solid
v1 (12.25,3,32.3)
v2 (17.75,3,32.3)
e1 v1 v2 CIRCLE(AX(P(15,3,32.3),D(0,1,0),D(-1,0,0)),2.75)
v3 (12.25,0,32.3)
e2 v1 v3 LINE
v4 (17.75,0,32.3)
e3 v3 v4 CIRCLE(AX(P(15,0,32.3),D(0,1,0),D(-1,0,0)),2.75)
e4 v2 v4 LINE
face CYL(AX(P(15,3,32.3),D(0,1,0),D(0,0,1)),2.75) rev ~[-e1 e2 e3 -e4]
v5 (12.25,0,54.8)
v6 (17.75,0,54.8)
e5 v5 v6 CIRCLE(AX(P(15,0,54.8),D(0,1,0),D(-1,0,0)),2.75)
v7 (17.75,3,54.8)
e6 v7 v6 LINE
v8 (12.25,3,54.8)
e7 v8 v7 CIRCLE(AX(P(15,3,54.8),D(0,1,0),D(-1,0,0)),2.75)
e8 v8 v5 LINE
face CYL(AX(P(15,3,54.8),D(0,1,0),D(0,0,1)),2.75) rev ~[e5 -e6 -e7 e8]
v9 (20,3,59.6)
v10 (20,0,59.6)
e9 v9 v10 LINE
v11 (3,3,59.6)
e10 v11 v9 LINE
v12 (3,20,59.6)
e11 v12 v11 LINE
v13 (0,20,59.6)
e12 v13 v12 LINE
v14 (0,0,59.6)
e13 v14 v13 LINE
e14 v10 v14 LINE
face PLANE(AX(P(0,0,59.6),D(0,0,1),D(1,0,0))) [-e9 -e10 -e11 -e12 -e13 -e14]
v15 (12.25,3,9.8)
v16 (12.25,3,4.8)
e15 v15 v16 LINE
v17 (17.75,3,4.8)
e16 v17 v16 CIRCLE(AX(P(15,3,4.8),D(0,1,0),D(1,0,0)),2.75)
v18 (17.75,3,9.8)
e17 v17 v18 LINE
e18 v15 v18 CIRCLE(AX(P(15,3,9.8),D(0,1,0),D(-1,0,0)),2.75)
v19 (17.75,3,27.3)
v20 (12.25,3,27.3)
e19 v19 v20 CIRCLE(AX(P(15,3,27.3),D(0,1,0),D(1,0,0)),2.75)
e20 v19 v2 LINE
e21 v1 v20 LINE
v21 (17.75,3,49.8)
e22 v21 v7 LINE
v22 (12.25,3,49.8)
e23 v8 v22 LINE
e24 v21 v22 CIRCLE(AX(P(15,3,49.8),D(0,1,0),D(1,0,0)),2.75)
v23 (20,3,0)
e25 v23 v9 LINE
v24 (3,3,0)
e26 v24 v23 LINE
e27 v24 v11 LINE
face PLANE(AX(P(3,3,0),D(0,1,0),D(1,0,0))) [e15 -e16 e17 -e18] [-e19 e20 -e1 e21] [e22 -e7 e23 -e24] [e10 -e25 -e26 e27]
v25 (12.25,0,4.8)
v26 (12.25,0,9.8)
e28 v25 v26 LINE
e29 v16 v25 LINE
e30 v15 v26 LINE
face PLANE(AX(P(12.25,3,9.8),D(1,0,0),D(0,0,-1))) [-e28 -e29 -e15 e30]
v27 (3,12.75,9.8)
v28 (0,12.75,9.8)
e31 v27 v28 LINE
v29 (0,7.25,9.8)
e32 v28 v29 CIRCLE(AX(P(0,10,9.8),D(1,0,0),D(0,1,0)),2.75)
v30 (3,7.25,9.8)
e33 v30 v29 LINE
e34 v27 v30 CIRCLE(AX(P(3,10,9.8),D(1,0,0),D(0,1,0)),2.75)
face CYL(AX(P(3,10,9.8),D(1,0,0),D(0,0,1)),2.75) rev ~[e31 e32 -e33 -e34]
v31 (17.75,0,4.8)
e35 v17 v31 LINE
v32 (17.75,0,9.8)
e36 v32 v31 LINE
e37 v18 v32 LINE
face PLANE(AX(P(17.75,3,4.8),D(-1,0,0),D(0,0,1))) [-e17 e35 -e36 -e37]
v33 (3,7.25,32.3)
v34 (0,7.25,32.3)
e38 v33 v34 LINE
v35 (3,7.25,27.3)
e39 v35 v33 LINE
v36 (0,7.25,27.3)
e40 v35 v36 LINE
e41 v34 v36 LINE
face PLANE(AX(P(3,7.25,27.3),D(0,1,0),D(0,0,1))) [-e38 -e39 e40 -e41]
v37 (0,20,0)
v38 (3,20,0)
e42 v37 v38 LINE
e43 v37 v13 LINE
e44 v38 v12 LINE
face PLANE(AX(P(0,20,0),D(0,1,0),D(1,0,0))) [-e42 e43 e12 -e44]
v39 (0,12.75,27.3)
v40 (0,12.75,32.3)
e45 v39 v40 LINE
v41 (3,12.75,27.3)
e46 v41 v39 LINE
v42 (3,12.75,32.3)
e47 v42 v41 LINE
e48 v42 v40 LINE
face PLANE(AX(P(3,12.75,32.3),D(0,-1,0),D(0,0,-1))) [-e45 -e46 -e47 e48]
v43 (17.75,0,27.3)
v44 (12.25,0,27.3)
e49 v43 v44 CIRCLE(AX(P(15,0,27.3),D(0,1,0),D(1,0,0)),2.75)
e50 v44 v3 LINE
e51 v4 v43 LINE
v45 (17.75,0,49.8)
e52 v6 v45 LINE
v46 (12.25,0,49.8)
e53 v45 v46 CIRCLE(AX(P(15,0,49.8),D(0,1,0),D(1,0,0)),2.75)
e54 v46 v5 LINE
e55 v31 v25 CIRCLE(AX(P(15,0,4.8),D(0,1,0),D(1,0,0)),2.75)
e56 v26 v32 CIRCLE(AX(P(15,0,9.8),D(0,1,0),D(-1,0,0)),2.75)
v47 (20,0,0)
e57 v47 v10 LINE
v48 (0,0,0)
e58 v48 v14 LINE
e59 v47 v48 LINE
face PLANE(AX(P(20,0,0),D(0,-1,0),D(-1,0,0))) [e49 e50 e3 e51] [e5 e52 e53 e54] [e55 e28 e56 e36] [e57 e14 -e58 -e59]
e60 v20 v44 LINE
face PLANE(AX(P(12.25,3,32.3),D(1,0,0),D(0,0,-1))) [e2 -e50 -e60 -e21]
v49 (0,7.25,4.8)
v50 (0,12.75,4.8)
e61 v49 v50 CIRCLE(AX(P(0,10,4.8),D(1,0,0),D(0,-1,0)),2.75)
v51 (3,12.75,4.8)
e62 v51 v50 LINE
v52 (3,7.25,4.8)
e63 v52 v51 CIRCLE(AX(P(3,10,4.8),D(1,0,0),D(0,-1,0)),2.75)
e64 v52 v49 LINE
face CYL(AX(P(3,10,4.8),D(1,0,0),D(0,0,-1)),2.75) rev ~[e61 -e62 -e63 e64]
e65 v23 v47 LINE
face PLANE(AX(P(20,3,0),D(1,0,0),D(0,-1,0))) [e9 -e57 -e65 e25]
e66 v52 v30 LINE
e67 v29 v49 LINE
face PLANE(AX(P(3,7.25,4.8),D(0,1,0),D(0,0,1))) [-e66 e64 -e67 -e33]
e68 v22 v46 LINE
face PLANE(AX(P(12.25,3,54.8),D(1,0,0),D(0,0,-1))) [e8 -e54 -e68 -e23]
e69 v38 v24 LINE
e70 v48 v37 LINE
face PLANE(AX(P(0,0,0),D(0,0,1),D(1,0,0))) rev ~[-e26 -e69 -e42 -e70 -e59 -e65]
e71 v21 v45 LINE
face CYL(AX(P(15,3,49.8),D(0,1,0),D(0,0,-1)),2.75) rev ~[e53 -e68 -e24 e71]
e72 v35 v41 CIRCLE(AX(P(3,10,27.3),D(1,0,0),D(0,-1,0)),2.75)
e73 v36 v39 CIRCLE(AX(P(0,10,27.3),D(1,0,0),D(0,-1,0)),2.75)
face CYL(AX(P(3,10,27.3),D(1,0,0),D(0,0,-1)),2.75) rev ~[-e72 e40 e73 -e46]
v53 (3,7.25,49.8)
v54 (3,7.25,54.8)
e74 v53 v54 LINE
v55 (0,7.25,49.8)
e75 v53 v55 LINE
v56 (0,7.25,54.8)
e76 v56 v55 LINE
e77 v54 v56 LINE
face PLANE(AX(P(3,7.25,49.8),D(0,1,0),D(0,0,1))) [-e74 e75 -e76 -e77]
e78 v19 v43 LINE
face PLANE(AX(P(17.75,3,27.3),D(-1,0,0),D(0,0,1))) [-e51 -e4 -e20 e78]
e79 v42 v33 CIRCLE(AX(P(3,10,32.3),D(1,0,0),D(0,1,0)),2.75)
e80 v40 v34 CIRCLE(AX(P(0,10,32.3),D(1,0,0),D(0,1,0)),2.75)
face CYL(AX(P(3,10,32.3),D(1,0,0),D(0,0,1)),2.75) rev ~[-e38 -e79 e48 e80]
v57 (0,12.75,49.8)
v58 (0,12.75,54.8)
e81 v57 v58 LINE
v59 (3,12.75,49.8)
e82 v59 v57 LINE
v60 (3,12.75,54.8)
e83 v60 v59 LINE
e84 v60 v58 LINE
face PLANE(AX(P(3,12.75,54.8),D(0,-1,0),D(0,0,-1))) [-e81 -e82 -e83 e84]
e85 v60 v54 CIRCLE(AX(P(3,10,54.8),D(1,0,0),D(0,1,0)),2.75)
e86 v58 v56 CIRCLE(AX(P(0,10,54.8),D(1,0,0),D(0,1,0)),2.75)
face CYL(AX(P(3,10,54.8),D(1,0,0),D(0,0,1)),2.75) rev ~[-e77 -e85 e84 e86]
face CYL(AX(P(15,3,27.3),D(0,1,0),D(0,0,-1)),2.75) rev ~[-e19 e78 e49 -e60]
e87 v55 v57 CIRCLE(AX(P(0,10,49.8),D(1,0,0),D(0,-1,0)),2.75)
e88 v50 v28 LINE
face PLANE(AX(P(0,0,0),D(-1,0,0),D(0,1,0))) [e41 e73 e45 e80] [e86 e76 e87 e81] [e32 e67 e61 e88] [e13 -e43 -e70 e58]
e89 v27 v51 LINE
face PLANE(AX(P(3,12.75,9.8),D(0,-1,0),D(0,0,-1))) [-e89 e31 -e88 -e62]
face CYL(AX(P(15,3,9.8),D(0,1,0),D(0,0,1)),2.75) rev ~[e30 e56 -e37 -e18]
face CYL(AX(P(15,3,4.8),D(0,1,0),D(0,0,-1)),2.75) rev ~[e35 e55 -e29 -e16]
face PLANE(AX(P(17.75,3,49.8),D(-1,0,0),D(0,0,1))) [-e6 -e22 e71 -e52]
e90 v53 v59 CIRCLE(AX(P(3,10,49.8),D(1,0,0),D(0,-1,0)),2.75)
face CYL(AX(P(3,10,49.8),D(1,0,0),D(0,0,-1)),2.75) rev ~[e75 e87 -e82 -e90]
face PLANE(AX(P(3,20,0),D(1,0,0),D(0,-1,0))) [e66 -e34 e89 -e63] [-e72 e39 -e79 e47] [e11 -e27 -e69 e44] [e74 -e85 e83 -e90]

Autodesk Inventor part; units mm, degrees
ref_plane "YZ Plane" through (0, 0, 0) normal (1, 0, 0) x (0, 1, 0)
ref_plane "XZ Plane" through (0, 0, 0) normal (0, 1, 0) x (-1, 0, 0)
ref_plane "XY Plane" through (0, 0, 0) normal (0, 0, 1) x (1, 0, 0)
sketch "Sketch1" plane through (0, 0, 0) normal (0, 0, 1) x (1, 0, 0)
  line L0 (0, 0) -> (0, 20)
  line L1 (0, 20) -> (3, 20)
  line L2 (3, 20) -> (3, 3)
  line L3 (3, 3) -> (20, 3)
  line L4 (20, 3) -> (20, 0)
  line L5 (20, 0) -> (0, 0)
  dimension "d0" = 20
  dimension "d1" = 3
  dimension "d2" = 17
  dimension "d3" = 17
extrude "Extrusion1" add sketch "Sketch1" along normal blind 59.6
sketch "Sketch2" plane through (3, 3, 0) normal (0, 1, 0) x (1, 0, 0)
  line L0 (0, 0) -> (17, 0) projected
  line L1 (17, -59.6) -> (0, -59.6) projected
  line L2 (17, 0) -> (17, -59.6) projected
  line L3 (12, -59.6) -> (12, 0) construction
  line L4 (12, -12.55) -> (12, -12.55)
  line L5 (9.25, -9.8) -> (9.25, -4.8)
  line L6 (12, -2.05) -> (12, -2.05)
  line L7 (14.75, -4.8) -> (14.75, -9.8)
  line L8 (14.75, -12.55) -> (9.25, -2.05) construction
  line L9 (9.25, -12.55) -> (14.75, -2.05) construction
  arc A0 (9.25, -9.8) -> (12, -12.55) centre (12, -9.8) ccw
  arc A1 (12, -12.55) -> (14.75, -9.8) centre (12, -9.8) ccw
  arc A2 (14.75, -4.8) -> (12, -2.05) centre (12, -4.8) ccw
  arc A3 (12, -2.05) -> (9.25, -4.8) centre (12, -4.8) ccw
  point P0 (-3, 0)
  point P1 (12, -7.3)
  dimension "bottom_row_offset" = 5
  dimension "d7" = 5.5
  dimension "hole_length" = 10.5
  dimension "bottom_hole_edge_offset" = 2.05
  dimension "d10" = 2.75
extrude "Extrusion2" cut sketch "Sketch2" against normal through all
sketch "Sketch3" plane through (3, 3, 0) normal (1, 0, 0) x (0, 0, -1)
  line L0 (0, 17) -> (0, 0) projected
  line L1 (0, 17) -> (-59.6, 17) projected
  line L2 (-59.6, 0) -> (-59.6, 17) projected
  line L3 (-59.6, 7) -> (0, 7) construction
  line L4 (-9.8, 9.75) -> (-4.8, 9.75)
  line L5 (-2.05, 7) -> (-2.05, 7)
  line L6 (-4.8, 4.25) -> (-9.8, 4.25)
  line L7 (-12.55, 7) -> (-12.55, 7)
  line L8 (-12.55, 9.75) -> (-2.05, 4.25) construction
  line L9 (-2.05, 9.75) -> (-12.55, 4.25) construction
  arc A0 (-9.8, 9.75) -> (-12.55, 7) centre (-9.8, 7) ccw
  arc A1 (-12.55, 7) -> (-9.8, 4.25) centre (-9.8, 7) ccw
  arc A2 (-4.8, 4.25) -> (-2.05, 7) centre (-4.8, 7) ccw
  arc A3 (-2.05, 7) -> (-4.8, 9.75) centre (-4.8, 7) ccw
  point P0 (0, -3)
  point P1 (-7.3, 7)
  dimension "top_row_offset" = 10
  dimension "d14" = 10.5
  dimension "d15" = 5.5
  dimension "d16" = 2.75
  dimension "d17" = 2.05
extrude "Extrusion3" cut sketch "Sketch3" against normal through all
pattern_linear "Rectangular Pattern1" count 3 spacing 22.5 along (0, 0, 1) of "Extrusion2", "Extrusion3"
equation "\"d14\" = hole_length"
equation "\"d17\" = bottom_hole_edge_offset"
equation "\"hole_number\" = 3"
properties part number "Universal L Bracket" material "Aluminum 6061"
